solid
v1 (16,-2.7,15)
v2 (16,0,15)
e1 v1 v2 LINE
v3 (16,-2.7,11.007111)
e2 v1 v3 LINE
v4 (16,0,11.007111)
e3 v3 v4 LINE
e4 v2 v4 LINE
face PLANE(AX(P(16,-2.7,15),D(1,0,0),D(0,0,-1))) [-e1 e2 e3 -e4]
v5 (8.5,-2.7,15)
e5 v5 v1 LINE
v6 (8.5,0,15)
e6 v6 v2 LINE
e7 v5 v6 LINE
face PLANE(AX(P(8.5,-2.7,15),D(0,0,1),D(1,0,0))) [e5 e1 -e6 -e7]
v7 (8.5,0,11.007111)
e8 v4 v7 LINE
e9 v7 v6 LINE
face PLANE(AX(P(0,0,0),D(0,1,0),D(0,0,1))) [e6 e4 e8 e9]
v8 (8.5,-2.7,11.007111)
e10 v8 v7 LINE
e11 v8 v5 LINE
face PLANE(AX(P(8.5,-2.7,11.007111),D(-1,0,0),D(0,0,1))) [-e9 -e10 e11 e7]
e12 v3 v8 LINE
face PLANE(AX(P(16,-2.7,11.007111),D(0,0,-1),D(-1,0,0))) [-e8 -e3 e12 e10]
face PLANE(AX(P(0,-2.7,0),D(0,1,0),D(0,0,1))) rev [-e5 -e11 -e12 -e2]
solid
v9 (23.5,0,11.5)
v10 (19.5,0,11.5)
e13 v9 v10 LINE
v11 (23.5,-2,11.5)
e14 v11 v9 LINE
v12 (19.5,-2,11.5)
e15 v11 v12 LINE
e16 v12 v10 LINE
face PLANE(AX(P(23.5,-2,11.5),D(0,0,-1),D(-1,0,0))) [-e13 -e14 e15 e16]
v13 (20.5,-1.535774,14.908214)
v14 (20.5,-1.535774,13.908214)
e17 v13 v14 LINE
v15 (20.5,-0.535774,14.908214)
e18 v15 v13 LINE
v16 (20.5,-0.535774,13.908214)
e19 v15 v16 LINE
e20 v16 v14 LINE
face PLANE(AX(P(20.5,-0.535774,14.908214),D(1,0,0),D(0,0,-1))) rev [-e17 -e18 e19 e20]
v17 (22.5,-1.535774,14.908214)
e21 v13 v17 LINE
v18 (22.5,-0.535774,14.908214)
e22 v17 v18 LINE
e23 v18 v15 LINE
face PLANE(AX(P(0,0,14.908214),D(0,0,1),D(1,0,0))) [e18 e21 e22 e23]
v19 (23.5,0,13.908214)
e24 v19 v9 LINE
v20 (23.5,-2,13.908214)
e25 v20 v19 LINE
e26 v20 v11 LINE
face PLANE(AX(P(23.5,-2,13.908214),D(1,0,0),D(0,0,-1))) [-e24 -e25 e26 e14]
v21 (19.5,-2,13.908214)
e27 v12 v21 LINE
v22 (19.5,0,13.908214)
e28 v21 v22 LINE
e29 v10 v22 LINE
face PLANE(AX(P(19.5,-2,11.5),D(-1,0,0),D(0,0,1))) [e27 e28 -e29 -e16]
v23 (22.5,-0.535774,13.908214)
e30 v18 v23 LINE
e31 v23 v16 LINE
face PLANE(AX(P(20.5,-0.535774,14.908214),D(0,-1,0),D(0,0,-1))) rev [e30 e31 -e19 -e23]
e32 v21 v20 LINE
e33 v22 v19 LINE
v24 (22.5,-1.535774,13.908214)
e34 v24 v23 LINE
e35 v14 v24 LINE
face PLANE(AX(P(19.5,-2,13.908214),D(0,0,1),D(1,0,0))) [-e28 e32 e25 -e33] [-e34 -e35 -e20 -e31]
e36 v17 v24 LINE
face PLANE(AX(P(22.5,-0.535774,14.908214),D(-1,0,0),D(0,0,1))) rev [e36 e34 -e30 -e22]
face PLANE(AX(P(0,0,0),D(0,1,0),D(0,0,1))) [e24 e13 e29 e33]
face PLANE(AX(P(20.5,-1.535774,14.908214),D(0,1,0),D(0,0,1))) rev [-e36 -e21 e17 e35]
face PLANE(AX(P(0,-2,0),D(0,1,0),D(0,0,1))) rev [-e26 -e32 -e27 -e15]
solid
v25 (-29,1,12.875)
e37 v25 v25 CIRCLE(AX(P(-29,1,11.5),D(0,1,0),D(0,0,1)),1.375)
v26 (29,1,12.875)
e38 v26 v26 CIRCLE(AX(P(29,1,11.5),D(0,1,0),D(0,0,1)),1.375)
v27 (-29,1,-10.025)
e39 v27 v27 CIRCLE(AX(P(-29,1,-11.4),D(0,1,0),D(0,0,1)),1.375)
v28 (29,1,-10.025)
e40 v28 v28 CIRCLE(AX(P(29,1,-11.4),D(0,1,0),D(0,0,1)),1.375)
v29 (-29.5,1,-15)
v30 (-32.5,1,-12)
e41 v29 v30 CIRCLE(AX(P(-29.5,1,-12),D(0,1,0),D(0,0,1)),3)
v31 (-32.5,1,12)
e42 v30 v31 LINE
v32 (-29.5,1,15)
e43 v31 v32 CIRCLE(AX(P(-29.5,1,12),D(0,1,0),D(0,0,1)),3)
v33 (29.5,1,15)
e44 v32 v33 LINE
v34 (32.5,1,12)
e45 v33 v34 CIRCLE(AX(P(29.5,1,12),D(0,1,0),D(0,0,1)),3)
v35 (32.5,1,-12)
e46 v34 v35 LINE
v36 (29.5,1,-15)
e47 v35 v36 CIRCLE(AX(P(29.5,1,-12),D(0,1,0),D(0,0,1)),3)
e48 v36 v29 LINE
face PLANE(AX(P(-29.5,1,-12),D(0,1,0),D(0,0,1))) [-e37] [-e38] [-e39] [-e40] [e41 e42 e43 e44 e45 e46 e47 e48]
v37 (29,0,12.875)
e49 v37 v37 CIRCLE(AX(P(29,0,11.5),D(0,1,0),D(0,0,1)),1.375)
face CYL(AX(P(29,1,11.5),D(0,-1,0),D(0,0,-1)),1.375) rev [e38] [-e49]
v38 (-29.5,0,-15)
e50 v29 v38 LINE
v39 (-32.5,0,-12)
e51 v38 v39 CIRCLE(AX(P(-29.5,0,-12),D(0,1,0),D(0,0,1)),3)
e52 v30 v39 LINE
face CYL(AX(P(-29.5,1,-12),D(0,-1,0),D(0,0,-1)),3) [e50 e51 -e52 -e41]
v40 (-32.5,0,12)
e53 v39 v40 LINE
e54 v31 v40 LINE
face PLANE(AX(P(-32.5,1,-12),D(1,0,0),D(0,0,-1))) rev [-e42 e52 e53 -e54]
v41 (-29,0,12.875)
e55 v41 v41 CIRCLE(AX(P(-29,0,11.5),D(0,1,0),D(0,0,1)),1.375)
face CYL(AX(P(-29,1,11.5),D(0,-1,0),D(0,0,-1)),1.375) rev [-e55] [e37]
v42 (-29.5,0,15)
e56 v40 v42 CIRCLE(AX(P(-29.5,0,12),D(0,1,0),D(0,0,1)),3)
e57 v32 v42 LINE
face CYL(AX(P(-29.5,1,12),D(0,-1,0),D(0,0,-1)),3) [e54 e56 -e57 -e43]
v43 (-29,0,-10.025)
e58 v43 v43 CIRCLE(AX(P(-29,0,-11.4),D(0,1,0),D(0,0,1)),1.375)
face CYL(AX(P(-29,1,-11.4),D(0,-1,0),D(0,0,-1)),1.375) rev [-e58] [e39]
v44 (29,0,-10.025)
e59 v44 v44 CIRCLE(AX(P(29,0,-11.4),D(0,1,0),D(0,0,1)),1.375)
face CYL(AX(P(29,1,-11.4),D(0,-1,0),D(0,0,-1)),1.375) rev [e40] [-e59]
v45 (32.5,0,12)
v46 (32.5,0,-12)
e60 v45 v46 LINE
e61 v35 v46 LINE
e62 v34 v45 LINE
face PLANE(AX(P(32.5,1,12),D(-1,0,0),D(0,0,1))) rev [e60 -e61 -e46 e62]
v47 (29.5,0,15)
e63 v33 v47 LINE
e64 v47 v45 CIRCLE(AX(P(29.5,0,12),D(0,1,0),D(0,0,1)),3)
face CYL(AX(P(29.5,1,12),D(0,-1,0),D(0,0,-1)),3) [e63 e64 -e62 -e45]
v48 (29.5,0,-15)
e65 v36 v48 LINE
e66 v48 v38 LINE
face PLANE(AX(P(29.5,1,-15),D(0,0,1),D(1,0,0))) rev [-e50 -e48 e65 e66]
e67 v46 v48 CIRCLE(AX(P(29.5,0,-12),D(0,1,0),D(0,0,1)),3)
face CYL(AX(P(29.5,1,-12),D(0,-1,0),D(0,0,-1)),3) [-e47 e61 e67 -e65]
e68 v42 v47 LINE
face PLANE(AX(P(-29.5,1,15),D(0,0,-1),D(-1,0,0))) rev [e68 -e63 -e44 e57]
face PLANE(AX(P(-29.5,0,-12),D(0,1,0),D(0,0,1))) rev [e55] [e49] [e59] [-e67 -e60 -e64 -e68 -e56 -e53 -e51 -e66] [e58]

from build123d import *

# Parameters (mm, degrees)
SKETCH_1_R      = 1.375
EXTRUDE_2_DEPTH = 1
SKETCH_3_W      = 7.5
SKETCH_3_H      = 3.992889191
EXTRUDE_3_DEPTH = 2.7
SKETCH_4_W      = 4
SKETCH_4_H      = 2.408214145
EXTRUDE_4_DEPTH = 2
SKETCH_5_W      = 2
SKETCH_5_H      = 1
EXTRUDE_5_DEPTH = 1


with BuildPart() as part:
    # 草图1 → 凸台-拉伸2 (new body)
    with BuildSketch(Plane(origin=(0, 0, 0), x_dir=(1, 0, 0), z_dir=(0, 1, 0))):
        with BuildLine():
            Line((-32.5, 12), (-32.5, -12))
            ThreePointArc((-32.5, -12), (-31.621320344, -14.121320344), (-29.5, -15))
            Line((-29.5, -15), (29.5, -15))
            ThreePointArc((29.5, -15), (31.621320344, -14.121320344), (32.5, -12))
            Line((32.5, -12), (32.5, 12))
            ThreePointArc((32.5, 12), (31.621320344, 14.121320344), (29.5, 15))
            Line((29.5, 15), (-29.5, 15))
            ThreePointArc((-29.5, 15), (-31.621320344, 14.121320344), (-32.5, 12))
        make_face()
        with Locations(Location((29, 11.4, 0), (0, 0, 270))):
            Circle(SKETCH_1_R, mode=Mode.SUBTRACT)
        with Locations(Location((29, -11.5, 0), (0, 0, 270))):
            Circle(SKETCH_1_R, mode=Mode.SUBTRACT)
        with Locations(Location((-29, -11.5, 0), (0, 0, 270))):
            Circle(SKETCH_1_R, mode=Mode.SUBTRACT)
        with Locations(Location((-29, 11.4, 0), (0, 0, 270))):
            Circle(SKETCH_1_R, mode=Mode.SUBTRACT)
    extrude(amount=EXTRUDE_2_DEPTH)


with BuildPart() as body_2:
    # 草图3 → 凸台-拉伸3 (new body)
    with BuildSketch(Plane(origin=(0, 0, 0), x_dir=(1, 0, 0), z_dir=(0, 1, 0))):
        with Locations((12.25, -13.003555405)):
            Rectangle(SKETCH_3_W, SKETCH_3_H)
    extrude(amount=-EXTRUDE_3_DEPTH)


with BuildPart() as body_3:
    # 草图4 → 凸台-拉伸4 (new body)
    with BuildSketch(Plane(origin=(0, 0, 0), x_dir=(1, 0, 0), z_dir=(0, 1, 0))):
        with Locations((21.5, -12.704107073)):
            Rectangle(SKETCH_4_W, SKETCH_4_H)
    extrude(amount=-EXTRUDE_4_DEPTH)

    # 草图5 → 凸台-拉伸5 (add)
    with BuildSketch(Plane.XY.offset(13.908214145)):
        with Locations((21.5, -1.035773925)):
            Rectangle(SKETCH_5_W, SKETCH_5_H)
    extrude(amount=EXTRUDE_5_DEPTH)


solid = Compound([part.part, body_2.part, body_3.part])
